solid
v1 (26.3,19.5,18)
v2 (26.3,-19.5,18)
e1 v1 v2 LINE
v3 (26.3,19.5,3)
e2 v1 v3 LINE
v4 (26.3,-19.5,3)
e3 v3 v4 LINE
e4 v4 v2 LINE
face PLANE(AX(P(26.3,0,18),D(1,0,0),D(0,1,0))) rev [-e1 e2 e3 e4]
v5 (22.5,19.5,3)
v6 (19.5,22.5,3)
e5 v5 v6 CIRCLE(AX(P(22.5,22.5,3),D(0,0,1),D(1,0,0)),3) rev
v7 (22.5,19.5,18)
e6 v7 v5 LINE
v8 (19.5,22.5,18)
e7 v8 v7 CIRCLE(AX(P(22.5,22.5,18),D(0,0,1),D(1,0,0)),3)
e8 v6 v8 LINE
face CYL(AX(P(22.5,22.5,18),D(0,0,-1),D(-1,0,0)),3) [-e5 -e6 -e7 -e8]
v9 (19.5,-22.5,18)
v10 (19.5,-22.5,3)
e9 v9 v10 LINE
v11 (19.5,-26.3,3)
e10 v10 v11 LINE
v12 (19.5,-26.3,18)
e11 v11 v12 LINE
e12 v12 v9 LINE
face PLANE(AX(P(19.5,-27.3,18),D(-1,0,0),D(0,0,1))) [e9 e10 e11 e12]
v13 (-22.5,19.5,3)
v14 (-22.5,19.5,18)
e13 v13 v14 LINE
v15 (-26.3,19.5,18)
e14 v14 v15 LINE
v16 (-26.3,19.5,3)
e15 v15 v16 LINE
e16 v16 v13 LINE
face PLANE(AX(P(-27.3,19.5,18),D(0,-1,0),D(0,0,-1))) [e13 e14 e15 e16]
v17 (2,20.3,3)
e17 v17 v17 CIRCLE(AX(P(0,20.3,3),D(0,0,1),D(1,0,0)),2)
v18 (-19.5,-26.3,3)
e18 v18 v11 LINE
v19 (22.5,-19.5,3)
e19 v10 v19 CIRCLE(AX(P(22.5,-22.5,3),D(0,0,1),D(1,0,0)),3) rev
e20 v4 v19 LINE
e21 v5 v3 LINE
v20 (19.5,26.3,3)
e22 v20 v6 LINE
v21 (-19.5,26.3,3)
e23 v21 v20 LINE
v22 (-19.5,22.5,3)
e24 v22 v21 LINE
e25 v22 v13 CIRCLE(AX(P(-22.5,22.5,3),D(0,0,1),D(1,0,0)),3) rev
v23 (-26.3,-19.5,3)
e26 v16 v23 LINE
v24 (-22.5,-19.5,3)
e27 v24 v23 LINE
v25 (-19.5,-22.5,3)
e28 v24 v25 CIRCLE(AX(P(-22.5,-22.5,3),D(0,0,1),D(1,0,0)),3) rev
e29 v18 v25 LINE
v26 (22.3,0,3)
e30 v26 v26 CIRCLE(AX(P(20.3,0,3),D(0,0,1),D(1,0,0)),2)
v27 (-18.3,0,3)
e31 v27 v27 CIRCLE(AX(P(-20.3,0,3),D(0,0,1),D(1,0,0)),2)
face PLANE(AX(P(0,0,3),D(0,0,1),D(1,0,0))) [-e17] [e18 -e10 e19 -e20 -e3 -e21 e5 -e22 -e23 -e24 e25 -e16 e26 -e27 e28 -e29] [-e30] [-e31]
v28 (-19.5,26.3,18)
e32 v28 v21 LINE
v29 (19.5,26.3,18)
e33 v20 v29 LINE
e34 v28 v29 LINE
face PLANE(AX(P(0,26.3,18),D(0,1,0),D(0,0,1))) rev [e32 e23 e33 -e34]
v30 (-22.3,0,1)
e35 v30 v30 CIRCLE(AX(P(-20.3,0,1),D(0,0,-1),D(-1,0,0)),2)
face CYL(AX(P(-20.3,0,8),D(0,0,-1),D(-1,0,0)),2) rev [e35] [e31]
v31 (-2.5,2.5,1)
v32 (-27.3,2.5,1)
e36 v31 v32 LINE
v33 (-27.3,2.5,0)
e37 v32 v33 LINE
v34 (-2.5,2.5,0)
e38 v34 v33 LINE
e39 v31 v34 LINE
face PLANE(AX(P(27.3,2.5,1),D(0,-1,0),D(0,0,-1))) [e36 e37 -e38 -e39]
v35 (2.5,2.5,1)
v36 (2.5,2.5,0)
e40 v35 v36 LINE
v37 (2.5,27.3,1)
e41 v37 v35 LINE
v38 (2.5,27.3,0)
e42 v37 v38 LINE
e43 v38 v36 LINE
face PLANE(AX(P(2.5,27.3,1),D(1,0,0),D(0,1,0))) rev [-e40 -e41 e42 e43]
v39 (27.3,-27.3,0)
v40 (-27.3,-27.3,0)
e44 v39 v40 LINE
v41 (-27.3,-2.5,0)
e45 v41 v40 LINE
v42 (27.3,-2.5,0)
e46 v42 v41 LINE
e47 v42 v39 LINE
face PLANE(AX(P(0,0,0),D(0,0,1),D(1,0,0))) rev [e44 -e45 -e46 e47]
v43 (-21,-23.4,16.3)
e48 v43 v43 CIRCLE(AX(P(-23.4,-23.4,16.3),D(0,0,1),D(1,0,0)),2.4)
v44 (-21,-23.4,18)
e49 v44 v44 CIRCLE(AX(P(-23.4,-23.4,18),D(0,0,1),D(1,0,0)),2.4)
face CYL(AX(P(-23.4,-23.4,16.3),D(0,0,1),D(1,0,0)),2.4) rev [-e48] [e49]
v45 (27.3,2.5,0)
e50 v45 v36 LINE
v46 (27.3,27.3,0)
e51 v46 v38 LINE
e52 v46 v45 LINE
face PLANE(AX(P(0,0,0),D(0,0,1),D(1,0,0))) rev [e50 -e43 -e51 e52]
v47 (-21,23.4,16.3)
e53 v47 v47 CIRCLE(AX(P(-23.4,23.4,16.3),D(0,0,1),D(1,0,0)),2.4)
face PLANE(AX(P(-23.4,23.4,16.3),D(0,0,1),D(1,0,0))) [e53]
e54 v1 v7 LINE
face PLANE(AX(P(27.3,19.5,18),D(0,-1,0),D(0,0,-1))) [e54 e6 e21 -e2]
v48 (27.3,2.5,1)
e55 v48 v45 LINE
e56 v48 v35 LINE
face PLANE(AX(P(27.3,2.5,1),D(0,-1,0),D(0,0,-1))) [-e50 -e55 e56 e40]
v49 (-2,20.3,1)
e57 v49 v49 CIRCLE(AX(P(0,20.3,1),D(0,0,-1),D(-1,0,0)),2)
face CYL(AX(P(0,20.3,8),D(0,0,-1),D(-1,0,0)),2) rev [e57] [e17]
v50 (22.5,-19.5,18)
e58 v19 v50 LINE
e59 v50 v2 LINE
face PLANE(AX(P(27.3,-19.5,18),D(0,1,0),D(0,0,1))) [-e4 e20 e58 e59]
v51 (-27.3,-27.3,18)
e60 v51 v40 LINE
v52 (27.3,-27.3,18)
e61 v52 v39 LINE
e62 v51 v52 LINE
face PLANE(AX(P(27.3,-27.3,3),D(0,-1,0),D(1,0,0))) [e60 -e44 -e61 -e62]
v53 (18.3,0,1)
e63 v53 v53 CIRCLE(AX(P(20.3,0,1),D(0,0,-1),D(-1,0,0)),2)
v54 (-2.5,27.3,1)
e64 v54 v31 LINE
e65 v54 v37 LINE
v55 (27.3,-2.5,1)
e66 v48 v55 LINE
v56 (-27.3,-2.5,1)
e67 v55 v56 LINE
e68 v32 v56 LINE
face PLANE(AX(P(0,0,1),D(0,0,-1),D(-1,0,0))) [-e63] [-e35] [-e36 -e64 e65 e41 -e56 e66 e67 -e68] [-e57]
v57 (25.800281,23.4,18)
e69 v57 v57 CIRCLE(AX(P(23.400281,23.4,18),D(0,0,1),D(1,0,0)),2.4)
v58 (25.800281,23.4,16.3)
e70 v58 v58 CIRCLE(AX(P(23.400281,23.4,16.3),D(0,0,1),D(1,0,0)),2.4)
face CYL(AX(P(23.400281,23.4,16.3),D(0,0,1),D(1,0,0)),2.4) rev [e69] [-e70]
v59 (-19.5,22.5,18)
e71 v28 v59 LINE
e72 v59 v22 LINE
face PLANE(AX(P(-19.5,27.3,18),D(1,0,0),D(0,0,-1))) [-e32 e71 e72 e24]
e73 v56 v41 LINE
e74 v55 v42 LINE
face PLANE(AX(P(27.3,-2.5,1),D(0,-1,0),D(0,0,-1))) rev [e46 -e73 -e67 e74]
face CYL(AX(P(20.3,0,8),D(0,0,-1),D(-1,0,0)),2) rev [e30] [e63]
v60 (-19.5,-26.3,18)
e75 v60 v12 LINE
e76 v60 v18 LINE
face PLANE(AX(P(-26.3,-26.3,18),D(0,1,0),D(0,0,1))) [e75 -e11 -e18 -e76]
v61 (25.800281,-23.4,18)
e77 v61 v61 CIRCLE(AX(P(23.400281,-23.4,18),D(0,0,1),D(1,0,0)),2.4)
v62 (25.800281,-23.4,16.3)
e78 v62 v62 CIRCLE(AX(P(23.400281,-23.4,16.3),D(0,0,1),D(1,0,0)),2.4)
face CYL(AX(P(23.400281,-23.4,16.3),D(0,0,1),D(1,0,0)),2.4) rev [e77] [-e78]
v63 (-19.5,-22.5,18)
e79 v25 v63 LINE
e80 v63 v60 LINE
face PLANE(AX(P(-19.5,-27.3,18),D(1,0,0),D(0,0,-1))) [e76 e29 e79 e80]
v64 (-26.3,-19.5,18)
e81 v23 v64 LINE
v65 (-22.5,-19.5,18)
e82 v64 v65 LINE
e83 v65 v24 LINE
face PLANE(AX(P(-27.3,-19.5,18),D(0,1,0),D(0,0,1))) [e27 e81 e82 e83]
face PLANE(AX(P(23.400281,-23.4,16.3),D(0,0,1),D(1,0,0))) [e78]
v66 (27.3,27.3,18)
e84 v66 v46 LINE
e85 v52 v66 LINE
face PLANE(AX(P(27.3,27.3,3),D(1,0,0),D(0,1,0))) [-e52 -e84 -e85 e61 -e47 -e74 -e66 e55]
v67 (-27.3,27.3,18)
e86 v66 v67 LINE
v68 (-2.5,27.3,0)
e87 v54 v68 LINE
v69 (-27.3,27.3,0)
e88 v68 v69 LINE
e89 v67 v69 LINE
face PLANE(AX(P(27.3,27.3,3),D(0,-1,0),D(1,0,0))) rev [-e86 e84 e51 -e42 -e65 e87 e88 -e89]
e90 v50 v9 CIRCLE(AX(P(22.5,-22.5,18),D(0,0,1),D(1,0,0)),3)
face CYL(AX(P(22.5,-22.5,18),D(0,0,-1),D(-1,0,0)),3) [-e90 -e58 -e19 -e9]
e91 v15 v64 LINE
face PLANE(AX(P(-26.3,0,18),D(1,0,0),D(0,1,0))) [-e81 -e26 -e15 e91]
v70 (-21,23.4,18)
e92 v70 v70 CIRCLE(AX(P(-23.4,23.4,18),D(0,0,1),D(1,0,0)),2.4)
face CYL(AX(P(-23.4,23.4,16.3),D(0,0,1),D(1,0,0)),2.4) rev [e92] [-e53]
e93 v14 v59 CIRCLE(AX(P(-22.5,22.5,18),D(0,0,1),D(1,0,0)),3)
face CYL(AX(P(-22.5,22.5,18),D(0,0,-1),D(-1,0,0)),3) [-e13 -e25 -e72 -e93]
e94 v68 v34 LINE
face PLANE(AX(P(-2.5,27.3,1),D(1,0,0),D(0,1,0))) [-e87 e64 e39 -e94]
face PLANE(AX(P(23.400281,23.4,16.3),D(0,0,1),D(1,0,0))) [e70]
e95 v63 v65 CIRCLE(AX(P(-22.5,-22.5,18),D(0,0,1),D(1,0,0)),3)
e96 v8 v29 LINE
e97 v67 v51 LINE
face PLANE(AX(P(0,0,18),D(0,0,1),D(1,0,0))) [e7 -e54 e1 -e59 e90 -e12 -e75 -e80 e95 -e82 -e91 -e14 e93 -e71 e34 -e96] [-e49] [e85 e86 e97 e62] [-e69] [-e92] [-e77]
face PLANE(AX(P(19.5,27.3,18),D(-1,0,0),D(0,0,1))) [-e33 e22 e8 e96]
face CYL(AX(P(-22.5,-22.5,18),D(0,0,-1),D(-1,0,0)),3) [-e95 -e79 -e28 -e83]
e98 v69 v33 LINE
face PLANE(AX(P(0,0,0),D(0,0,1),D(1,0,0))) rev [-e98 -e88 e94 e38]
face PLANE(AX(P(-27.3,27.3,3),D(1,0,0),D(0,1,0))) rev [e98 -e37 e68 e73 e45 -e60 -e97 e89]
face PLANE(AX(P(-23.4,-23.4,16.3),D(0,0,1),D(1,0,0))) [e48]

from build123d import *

# Parameters (mm, degrees)
SKICA1_W                 = 54.6
SKICA1_H                 = 54.6
P_IDAT_VYSUNUT_M2_DEPTH  = 3
SKICA5_W                 = 5
SKICA5_H                 = 24.8
SKICA5_W_2               = 54.6
SKICA5_H_2               = 5
ODEBRAT_VYSUNUT_M3_DEPTH = 1
SKICA14_W                = 52.6
SKICA14_H                = 1
P_IDAT_VYSUNUT_M9_DEPTH  = 15
SKICA17_R                = 2
ODEBRAT_VYSUNUT_M8_DEPTH = 7
SKICA19_W                = 7.8
SKICA19_H                = 7.8
P_IDAT_VYSUNUT_M10_DEPTH = 18
SKICA20_R                = 2.4
ODEBRAT_VYSUNUT_M9_DEPTH = 1.7
ZAOBLIT1_R               = 3


with BuildPart() as part:
    # Skica1 → Přidat vysunutím2 (new body)
    with BuildSketch(Plane.XY):
        Rectangle(SKICA1_W, SKICA1_H)
    extrude(amount=P_IDAT_VYSUNUT_M2_DEPTH)

    # Skica5 → Odebrat vysunutím3 (cut)
    with BuildSketch(Plane(origin=(0, 0, 0), x_dir=(-1, 0, 0), z_dir=(0, 0, -1))):
        with Locations((0, 14.9)):
            Rectangle(SKICA5_W, SKICA5_H)
        Rectangle(SKICA5_W_2, SKICA5_H_2)
    extrude(amount=-ODEBRAT_VYSUNUT_M3_DEPTH, mode=Mode.SUBTRACT)

    # Skica14 → Přidat vysunutím9 (add)
    with BuildSketch(Plane.XY.offset(3)):
        Polygon((27.3, 27.3), (-27.3, 27.3), (-27.3, -27.3), (-26.3, -27.3), (-26.3, -26.3), (-26.3, 26.3), (26.3, 26.3), (26.3, -26.3), (26.3, -27.3), (27.3, -27.3), align=None)
        with Locations((0, -26.8)):
            Rectangle(SKICA14_W, SKICA14_H)
    extrude(amount=P_IDAT_VYSUNUT_M9_DEPTH)

    # Skica17 → Odebrat vysunutím8 (cut)
    with BuildSketch(Plane(origin=(0, 0, 1), x_dir=(-1, 0, 0), z_dir=(0, 0, -1))):
        with Locations((-20.3, 0)):
            Circle(SKICA17_R)
        with Locations((20.3, 0)):
            Circle(SKICA17_R)
        with Locations((0, 20.3)):
            Circle(SKICA17_R)
    extrude(amount=-ODEBRAT_VYSUNUT_M8_DEPTH, mode=Mode.SUBTRACT)

    # Skica19 → Přidat vysunutím10 (add)
    with BuildSketch(Plane(origin=(0, 0, 0), x_dir=(-1, 0, 0), z_dir=(0, 0, -1))):
        with Locations((-23.4, 23.4)):
            Rectangle(SKICA19_W, SKICA19_H)
        with Locations((23.4, 23.4)):
            Rectangle(SKICA19_W, SKICA19_H)
        with Locations((-23.4, -23.4)):
            Rectangle(SKICA19_W, SKICA19_H)
        with Locations((23.4, -23.4)):
            Rectangle(SKICA19_W, SKICA19_H)
    extrude(amount=-P_IDAT_VYSUNUT_M10_DEPTH)

    # Skica20 → Odebrat vysunutím9 (cut)
    with BuildSketch(Plane.XY.offset(18)):
        with Locations((-23.4, -23.4)):
            Circle(SKICA20_R)
        with Locations((-23.4, 23.4)):
            Circle(SKICA20_R)
        with Locations((23.400280565, 23.4)):
            Circle(SKICA20_R)
        with Locations((23.400280565, -23.4)):
            Circle(SKICA20_R)
    extrude(amount=-ODEBRAT_VYSUNUT_M9_DEPTH, mode=Mode.SUBTRACT)

    # Zaoblit1
    zaoblit1_edges = [part.edges().sort_by_distance(p)[0] for p in [
        (-19.5, 19.5, 10.5),
        (19.5, -19.5, 10.5),
        (-19.5, -19.5, 10.5),
        (19.5, 19.5, 10.5),
    ]]
    fillet(zaoblit1_edges, radius=ZAOBLIT1_R)


solid = part.part
